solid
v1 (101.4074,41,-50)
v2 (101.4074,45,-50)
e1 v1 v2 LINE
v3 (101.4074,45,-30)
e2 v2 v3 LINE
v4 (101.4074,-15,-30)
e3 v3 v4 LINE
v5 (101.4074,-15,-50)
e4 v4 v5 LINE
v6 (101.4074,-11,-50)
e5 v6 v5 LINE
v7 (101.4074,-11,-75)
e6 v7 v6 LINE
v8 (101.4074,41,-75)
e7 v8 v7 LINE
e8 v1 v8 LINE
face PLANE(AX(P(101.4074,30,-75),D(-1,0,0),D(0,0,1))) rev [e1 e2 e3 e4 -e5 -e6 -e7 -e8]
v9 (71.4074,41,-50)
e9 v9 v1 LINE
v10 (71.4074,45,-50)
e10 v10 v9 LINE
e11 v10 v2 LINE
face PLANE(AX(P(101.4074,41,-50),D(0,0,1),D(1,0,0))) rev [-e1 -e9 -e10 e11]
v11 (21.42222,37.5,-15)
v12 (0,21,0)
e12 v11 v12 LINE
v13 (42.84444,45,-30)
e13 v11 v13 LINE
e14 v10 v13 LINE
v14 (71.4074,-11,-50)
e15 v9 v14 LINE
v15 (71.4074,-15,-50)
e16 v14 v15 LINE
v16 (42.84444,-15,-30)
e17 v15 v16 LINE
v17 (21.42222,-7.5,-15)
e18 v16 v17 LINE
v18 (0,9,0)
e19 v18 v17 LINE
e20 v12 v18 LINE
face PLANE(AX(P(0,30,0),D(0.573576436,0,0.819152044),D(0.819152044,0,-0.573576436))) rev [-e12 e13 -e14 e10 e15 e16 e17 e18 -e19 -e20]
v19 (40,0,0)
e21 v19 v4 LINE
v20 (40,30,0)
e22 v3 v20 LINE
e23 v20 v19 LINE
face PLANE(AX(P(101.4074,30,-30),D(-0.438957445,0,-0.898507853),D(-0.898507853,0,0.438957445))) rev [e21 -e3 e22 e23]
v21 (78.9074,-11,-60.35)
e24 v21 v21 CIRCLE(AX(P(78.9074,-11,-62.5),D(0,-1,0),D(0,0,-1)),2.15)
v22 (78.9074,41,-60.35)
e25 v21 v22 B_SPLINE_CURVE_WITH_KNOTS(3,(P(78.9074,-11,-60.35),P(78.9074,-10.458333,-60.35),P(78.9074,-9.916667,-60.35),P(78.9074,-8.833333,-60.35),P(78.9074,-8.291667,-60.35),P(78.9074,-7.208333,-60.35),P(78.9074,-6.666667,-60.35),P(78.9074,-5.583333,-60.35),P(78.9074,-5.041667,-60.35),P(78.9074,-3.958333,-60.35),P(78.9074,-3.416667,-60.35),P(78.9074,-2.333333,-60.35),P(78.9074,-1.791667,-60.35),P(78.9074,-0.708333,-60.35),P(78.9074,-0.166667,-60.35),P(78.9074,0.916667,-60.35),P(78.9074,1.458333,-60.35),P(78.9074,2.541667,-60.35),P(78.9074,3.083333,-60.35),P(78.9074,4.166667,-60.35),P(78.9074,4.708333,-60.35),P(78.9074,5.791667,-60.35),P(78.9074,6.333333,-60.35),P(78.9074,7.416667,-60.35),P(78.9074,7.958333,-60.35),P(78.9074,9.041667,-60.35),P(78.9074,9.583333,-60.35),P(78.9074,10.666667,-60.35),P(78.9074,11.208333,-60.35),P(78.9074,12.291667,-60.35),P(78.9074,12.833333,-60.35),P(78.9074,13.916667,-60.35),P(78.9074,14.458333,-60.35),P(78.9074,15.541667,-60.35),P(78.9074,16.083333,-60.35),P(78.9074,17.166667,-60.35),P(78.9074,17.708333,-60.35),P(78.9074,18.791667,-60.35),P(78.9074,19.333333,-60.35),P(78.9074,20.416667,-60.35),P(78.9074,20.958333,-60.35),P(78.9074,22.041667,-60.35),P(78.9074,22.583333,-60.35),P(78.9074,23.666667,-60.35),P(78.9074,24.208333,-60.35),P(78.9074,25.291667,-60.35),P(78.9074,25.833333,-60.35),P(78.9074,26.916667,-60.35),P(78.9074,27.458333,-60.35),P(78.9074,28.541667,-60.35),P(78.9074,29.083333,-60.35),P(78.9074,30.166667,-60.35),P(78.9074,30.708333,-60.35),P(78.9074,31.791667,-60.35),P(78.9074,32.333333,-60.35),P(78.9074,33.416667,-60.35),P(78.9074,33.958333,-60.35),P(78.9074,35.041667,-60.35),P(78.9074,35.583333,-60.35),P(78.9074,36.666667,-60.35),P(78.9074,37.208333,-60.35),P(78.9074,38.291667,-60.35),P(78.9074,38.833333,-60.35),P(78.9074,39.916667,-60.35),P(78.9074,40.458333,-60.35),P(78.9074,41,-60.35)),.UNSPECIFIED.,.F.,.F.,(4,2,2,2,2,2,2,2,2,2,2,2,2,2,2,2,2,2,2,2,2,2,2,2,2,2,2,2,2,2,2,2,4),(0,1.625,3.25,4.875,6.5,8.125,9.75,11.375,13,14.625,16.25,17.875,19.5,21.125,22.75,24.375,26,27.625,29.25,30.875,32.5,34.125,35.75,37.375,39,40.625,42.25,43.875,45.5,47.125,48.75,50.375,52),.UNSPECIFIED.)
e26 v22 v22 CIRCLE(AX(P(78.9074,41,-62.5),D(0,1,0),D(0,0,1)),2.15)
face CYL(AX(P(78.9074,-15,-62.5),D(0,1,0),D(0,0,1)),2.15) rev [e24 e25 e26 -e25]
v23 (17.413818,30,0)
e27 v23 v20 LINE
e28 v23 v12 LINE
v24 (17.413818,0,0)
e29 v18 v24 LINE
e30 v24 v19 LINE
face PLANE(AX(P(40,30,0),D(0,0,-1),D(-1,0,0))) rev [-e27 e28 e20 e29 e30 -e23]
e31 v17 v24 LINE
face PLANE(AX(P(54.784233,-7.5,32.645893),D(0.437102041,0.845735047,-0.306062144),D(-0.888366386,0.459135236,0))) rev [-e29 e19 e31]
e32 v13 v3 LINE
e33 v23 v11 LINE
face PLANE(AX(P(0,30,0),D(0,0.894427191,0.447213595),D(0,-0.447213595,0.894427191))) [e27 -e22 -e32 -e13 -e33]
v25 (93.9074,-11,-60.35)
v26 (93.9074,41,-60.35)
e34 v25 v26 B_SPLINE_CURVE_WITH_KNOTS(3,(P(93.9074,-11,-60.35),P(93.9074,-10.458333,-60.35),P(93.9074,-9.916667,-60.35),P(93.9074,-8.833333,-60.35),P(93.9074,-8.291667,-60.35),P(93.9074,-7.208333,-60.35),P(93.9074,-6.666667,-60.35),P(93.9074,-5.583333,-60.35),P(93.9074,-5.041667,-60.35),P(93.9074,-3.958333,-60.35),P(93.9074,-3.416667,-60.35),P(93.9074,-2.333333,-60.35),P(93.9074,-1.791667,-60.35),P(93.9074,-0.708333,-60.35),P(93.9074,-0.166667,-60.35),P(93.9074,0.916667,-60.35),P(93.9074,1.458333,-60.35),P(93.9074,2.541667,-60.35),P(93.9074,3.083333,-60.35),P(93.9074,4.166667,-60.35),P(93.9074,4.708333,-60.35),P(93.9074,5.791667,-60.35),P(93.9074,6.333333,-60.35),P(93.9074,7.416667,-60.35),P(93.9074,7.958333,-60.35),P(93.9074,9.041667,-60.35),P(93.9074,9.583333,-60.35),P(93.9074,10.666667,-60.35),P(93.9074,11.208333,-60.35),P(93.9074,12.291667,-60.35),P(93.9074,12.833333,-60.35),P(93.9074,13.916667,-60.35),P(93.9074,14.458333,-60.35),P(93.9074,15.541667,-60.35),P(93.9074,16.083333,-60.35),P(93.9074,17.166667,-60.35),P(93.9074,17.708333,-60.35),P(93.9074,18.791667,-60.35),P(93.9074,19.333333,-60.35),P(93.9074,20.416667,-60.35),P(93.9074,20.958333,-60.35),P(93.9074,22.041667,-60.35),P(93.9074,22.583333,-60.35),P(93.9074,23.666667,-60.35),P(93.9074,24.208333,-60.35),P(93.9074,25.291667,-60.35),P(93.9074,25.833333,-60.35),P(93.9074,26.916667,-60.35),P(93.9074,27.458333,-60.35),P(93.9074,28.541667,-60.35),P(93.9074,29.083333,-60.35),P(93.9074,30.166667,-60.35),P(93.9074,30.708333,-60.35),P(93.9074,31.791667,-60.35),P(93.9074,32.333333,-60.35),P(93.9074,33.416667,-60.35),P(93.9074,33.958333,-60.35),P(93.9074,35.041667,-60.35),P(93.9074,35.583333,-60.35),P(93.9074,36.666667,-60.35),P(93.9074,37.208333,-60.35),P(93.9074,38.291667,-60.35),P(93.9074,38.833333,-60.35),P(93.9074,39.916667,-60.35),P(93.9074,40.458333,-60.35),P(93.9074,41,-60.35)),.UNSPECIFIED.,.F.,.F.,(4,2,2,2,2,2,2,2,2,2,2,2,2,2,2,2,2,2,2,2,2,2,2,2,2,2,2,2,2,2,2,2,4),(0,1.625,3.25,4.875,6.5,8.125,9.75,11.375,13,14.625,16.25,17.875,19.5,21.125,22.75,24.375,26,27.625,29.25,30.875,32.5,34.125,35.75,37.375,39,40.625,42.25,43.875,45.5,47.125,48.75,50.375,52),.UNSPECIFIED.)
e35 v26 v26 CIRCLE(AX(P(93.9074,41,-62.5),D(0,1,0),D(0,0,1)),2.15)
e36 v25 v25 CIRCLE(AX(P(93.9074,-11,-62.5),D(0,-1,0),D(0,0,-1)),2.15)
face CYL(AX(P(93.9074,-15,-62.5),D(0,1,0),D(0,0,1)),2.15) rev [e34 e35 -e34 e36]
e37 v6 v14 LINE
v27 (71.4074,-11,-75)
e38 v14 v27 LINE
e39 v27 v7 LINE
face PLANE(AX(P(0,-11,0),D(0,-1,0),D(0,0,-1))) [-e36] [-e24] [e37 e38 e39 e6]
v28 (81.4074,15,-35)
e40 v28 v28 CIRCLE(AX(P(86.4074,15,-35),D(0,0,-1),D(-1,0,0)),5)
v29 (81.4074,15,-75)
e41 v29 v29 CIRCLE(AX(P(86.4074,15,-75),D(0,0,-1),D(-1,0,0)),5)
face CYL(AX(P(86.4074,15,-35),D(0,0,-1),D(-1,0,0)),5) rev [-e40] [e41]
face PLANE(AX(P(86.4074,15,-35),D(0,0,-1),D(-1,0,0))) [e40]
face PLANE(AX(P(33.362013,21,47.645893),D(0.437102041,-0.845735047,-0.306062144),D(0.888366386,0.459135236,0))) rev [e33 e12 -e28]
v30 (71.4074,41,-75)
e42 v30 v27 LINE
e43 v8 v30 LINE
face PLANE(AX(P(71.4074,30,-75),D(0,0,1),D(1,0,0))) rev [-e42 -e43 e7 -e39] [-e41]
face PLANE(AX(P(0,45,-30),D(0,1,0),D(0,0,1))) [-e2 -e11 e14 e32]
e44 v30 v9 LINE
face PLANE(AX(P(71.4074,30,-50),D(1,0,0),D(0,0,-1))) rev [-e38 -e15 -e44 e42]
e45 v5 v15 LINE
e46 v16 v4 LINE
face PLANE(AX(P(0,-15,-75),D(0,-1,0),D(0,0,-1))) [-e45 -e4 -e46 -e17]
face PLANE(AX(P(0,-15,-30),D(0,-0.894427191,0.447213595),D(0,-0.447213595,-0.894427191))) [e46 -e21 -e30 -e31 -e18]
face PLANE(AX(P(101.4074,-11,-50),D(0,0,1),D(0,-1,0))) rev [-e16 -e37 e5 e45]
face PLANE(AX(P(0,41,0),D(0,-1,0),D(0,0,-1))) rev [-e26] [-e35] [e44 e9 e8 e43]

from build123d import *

# Parameters (mm, degrees)
EXTRUDE_1_DEPTH     = 30
EXTRUDE_2_DEPTH     = 101.4074
CUT_EXTRUDE_2_DEPTH = 140.67269183
CUT_EXTRUDE_3_DEPTH = 134.91587226
SKETCH_10_W         = 30
SKETCH_10_H         = 25
CUT_EXTRUDE_6_DEPTH = 4
SKETCH_11_W         = 30
SKETCH_11_H         = 25
CUT_EXTRUDE_7_DEPTH = 4
SKETCH_13_R         = 2.15
CUT_EXTRUDE_8_DEPTH = 139.001669711
SKETCH_14_R         = 5
CUT_EXTRUDE_9_DEPTH = 40


with BuildPart() as part:
    # 草图2 → 凸台-拉伸1 (new body)
    with BuildSketch(Plane(origin=(0, 0, 0), x_dir=(1, 0, 0), z_dir=(0, 1, 0))):
        Polygon((0, 0), (71.407400337, 50), (71.407400337, 75), (101.407400337, 75), (101.407400337, 30), (40, 0), align=None)
    extrude(amount=EXTRUDE_1_DEPTH)

    # 草图4 → 凸台-拉伸2 (add, through all)
    with BuildSketch(Plane(origin=(101.407400337, 0, 0), x_dir=(0, 0, -1), z_dir=(1, 0, 0))):
        Polygon((0, 30), (30, 45), (75, 45), (75, 30), align=None)
        Polygon((0, 0), (75, 0), (75, -15), (30, -15), align=None)
    extrude(amount=-EXTRUDE_2_DEPTH)

    # 草图5 → 切除-拉伸2 (cut, through all)
    with BuildSketch(Plane.XZ.offset(15)):
        Polygon((40, 0), (101.407400337, 0), (101.407400337, -30), align=None)
        Polygon((0, 0), (0, -75), (71.407400337, -75), (71.407400337, -50), align=None)
    extrude(amount=-CUT_EXTRUDE_2_DEPTH, mode=Mode.SUBTRACT)

    # 草图6 → 切除-拉伸3 (cut, through all)
    with BuildSketch(Plane(origin=(0, 0, 0), x_dir=(-0.8191520442889949, 0, 0.5735764363510418), z_dir=(-0.5735764363510418, 0, -0.8191520442889949))):
        Polygon((0, 21), (-26.151701934, 37.5), (0, 30), align=None)
        Polygon((0, 0), (-26.151701934, -7.5), (0, 9), align=None)
    extrude(amount=-CUT_EXTRUDE_3_DEPTH, mode=Mode.SUBTRACT)

    # 草图10 → 切除-拉伸6 (cut)
    with BuildSketch(Plane.XZ.offset(15)):
        with Locations((86.407400337, -62.5)):
            Rectangle(SKETCH_10_W, SKETCH_10_H)
    extrude(amount=-CUT_EXTRUDE_6_DEPTH, mode=Mode.SUBTRACT)

    # 草图11 → 切除-拉伸7 (cut)
    with BuildSketch(Plane(origin=(0, 45, 0), x_dir=(1, 0, 0), z_dir=(0, 1, 0))):
        with Locations((86.407400337, 62.5)):
            Rectangle(SKETCH_11_W, SKETCH_11_H)
    extrude(amount=-CUT_EXTRUDE_7_DEPTH, mode=Mode.SUBTRACT)

    # 草图13 → 切除-拉伸8 (cut, through all)
    with BuildSketch(Plane(origin=(0, 41, 0), x_dir=(1, 0, 0), z_dir=(0, 1, 0))):
        with Locations(Location((78.907400337, 62.5, 0), (0, 0, 270))):
            Circle(SKETCH_13_R)
        with Locations(Location((93.907400337, 62.5, 0), (0, 0, 270))):
            Circle(SKETCH_13_R)
    extrude(amount=-CUT_EXTRUDE_8_DEPTH, mode=Mode.SUBTRACT)

    # 草图14 → 切除-拉伸9 (cut)
    with BuildSketch(Plane(origin=(0, 0, -75), x_dir=(-1, 0, 0), z_dir=(0, 0, -1))):
        with Locations((-86.407400337, 15)):
            Circle(SKETCH_14_R)
    extrude(amount=-CUT_EXTRUDE_9_DEPTH, mode=Mode.SUBTRACT)


solid = part.part
